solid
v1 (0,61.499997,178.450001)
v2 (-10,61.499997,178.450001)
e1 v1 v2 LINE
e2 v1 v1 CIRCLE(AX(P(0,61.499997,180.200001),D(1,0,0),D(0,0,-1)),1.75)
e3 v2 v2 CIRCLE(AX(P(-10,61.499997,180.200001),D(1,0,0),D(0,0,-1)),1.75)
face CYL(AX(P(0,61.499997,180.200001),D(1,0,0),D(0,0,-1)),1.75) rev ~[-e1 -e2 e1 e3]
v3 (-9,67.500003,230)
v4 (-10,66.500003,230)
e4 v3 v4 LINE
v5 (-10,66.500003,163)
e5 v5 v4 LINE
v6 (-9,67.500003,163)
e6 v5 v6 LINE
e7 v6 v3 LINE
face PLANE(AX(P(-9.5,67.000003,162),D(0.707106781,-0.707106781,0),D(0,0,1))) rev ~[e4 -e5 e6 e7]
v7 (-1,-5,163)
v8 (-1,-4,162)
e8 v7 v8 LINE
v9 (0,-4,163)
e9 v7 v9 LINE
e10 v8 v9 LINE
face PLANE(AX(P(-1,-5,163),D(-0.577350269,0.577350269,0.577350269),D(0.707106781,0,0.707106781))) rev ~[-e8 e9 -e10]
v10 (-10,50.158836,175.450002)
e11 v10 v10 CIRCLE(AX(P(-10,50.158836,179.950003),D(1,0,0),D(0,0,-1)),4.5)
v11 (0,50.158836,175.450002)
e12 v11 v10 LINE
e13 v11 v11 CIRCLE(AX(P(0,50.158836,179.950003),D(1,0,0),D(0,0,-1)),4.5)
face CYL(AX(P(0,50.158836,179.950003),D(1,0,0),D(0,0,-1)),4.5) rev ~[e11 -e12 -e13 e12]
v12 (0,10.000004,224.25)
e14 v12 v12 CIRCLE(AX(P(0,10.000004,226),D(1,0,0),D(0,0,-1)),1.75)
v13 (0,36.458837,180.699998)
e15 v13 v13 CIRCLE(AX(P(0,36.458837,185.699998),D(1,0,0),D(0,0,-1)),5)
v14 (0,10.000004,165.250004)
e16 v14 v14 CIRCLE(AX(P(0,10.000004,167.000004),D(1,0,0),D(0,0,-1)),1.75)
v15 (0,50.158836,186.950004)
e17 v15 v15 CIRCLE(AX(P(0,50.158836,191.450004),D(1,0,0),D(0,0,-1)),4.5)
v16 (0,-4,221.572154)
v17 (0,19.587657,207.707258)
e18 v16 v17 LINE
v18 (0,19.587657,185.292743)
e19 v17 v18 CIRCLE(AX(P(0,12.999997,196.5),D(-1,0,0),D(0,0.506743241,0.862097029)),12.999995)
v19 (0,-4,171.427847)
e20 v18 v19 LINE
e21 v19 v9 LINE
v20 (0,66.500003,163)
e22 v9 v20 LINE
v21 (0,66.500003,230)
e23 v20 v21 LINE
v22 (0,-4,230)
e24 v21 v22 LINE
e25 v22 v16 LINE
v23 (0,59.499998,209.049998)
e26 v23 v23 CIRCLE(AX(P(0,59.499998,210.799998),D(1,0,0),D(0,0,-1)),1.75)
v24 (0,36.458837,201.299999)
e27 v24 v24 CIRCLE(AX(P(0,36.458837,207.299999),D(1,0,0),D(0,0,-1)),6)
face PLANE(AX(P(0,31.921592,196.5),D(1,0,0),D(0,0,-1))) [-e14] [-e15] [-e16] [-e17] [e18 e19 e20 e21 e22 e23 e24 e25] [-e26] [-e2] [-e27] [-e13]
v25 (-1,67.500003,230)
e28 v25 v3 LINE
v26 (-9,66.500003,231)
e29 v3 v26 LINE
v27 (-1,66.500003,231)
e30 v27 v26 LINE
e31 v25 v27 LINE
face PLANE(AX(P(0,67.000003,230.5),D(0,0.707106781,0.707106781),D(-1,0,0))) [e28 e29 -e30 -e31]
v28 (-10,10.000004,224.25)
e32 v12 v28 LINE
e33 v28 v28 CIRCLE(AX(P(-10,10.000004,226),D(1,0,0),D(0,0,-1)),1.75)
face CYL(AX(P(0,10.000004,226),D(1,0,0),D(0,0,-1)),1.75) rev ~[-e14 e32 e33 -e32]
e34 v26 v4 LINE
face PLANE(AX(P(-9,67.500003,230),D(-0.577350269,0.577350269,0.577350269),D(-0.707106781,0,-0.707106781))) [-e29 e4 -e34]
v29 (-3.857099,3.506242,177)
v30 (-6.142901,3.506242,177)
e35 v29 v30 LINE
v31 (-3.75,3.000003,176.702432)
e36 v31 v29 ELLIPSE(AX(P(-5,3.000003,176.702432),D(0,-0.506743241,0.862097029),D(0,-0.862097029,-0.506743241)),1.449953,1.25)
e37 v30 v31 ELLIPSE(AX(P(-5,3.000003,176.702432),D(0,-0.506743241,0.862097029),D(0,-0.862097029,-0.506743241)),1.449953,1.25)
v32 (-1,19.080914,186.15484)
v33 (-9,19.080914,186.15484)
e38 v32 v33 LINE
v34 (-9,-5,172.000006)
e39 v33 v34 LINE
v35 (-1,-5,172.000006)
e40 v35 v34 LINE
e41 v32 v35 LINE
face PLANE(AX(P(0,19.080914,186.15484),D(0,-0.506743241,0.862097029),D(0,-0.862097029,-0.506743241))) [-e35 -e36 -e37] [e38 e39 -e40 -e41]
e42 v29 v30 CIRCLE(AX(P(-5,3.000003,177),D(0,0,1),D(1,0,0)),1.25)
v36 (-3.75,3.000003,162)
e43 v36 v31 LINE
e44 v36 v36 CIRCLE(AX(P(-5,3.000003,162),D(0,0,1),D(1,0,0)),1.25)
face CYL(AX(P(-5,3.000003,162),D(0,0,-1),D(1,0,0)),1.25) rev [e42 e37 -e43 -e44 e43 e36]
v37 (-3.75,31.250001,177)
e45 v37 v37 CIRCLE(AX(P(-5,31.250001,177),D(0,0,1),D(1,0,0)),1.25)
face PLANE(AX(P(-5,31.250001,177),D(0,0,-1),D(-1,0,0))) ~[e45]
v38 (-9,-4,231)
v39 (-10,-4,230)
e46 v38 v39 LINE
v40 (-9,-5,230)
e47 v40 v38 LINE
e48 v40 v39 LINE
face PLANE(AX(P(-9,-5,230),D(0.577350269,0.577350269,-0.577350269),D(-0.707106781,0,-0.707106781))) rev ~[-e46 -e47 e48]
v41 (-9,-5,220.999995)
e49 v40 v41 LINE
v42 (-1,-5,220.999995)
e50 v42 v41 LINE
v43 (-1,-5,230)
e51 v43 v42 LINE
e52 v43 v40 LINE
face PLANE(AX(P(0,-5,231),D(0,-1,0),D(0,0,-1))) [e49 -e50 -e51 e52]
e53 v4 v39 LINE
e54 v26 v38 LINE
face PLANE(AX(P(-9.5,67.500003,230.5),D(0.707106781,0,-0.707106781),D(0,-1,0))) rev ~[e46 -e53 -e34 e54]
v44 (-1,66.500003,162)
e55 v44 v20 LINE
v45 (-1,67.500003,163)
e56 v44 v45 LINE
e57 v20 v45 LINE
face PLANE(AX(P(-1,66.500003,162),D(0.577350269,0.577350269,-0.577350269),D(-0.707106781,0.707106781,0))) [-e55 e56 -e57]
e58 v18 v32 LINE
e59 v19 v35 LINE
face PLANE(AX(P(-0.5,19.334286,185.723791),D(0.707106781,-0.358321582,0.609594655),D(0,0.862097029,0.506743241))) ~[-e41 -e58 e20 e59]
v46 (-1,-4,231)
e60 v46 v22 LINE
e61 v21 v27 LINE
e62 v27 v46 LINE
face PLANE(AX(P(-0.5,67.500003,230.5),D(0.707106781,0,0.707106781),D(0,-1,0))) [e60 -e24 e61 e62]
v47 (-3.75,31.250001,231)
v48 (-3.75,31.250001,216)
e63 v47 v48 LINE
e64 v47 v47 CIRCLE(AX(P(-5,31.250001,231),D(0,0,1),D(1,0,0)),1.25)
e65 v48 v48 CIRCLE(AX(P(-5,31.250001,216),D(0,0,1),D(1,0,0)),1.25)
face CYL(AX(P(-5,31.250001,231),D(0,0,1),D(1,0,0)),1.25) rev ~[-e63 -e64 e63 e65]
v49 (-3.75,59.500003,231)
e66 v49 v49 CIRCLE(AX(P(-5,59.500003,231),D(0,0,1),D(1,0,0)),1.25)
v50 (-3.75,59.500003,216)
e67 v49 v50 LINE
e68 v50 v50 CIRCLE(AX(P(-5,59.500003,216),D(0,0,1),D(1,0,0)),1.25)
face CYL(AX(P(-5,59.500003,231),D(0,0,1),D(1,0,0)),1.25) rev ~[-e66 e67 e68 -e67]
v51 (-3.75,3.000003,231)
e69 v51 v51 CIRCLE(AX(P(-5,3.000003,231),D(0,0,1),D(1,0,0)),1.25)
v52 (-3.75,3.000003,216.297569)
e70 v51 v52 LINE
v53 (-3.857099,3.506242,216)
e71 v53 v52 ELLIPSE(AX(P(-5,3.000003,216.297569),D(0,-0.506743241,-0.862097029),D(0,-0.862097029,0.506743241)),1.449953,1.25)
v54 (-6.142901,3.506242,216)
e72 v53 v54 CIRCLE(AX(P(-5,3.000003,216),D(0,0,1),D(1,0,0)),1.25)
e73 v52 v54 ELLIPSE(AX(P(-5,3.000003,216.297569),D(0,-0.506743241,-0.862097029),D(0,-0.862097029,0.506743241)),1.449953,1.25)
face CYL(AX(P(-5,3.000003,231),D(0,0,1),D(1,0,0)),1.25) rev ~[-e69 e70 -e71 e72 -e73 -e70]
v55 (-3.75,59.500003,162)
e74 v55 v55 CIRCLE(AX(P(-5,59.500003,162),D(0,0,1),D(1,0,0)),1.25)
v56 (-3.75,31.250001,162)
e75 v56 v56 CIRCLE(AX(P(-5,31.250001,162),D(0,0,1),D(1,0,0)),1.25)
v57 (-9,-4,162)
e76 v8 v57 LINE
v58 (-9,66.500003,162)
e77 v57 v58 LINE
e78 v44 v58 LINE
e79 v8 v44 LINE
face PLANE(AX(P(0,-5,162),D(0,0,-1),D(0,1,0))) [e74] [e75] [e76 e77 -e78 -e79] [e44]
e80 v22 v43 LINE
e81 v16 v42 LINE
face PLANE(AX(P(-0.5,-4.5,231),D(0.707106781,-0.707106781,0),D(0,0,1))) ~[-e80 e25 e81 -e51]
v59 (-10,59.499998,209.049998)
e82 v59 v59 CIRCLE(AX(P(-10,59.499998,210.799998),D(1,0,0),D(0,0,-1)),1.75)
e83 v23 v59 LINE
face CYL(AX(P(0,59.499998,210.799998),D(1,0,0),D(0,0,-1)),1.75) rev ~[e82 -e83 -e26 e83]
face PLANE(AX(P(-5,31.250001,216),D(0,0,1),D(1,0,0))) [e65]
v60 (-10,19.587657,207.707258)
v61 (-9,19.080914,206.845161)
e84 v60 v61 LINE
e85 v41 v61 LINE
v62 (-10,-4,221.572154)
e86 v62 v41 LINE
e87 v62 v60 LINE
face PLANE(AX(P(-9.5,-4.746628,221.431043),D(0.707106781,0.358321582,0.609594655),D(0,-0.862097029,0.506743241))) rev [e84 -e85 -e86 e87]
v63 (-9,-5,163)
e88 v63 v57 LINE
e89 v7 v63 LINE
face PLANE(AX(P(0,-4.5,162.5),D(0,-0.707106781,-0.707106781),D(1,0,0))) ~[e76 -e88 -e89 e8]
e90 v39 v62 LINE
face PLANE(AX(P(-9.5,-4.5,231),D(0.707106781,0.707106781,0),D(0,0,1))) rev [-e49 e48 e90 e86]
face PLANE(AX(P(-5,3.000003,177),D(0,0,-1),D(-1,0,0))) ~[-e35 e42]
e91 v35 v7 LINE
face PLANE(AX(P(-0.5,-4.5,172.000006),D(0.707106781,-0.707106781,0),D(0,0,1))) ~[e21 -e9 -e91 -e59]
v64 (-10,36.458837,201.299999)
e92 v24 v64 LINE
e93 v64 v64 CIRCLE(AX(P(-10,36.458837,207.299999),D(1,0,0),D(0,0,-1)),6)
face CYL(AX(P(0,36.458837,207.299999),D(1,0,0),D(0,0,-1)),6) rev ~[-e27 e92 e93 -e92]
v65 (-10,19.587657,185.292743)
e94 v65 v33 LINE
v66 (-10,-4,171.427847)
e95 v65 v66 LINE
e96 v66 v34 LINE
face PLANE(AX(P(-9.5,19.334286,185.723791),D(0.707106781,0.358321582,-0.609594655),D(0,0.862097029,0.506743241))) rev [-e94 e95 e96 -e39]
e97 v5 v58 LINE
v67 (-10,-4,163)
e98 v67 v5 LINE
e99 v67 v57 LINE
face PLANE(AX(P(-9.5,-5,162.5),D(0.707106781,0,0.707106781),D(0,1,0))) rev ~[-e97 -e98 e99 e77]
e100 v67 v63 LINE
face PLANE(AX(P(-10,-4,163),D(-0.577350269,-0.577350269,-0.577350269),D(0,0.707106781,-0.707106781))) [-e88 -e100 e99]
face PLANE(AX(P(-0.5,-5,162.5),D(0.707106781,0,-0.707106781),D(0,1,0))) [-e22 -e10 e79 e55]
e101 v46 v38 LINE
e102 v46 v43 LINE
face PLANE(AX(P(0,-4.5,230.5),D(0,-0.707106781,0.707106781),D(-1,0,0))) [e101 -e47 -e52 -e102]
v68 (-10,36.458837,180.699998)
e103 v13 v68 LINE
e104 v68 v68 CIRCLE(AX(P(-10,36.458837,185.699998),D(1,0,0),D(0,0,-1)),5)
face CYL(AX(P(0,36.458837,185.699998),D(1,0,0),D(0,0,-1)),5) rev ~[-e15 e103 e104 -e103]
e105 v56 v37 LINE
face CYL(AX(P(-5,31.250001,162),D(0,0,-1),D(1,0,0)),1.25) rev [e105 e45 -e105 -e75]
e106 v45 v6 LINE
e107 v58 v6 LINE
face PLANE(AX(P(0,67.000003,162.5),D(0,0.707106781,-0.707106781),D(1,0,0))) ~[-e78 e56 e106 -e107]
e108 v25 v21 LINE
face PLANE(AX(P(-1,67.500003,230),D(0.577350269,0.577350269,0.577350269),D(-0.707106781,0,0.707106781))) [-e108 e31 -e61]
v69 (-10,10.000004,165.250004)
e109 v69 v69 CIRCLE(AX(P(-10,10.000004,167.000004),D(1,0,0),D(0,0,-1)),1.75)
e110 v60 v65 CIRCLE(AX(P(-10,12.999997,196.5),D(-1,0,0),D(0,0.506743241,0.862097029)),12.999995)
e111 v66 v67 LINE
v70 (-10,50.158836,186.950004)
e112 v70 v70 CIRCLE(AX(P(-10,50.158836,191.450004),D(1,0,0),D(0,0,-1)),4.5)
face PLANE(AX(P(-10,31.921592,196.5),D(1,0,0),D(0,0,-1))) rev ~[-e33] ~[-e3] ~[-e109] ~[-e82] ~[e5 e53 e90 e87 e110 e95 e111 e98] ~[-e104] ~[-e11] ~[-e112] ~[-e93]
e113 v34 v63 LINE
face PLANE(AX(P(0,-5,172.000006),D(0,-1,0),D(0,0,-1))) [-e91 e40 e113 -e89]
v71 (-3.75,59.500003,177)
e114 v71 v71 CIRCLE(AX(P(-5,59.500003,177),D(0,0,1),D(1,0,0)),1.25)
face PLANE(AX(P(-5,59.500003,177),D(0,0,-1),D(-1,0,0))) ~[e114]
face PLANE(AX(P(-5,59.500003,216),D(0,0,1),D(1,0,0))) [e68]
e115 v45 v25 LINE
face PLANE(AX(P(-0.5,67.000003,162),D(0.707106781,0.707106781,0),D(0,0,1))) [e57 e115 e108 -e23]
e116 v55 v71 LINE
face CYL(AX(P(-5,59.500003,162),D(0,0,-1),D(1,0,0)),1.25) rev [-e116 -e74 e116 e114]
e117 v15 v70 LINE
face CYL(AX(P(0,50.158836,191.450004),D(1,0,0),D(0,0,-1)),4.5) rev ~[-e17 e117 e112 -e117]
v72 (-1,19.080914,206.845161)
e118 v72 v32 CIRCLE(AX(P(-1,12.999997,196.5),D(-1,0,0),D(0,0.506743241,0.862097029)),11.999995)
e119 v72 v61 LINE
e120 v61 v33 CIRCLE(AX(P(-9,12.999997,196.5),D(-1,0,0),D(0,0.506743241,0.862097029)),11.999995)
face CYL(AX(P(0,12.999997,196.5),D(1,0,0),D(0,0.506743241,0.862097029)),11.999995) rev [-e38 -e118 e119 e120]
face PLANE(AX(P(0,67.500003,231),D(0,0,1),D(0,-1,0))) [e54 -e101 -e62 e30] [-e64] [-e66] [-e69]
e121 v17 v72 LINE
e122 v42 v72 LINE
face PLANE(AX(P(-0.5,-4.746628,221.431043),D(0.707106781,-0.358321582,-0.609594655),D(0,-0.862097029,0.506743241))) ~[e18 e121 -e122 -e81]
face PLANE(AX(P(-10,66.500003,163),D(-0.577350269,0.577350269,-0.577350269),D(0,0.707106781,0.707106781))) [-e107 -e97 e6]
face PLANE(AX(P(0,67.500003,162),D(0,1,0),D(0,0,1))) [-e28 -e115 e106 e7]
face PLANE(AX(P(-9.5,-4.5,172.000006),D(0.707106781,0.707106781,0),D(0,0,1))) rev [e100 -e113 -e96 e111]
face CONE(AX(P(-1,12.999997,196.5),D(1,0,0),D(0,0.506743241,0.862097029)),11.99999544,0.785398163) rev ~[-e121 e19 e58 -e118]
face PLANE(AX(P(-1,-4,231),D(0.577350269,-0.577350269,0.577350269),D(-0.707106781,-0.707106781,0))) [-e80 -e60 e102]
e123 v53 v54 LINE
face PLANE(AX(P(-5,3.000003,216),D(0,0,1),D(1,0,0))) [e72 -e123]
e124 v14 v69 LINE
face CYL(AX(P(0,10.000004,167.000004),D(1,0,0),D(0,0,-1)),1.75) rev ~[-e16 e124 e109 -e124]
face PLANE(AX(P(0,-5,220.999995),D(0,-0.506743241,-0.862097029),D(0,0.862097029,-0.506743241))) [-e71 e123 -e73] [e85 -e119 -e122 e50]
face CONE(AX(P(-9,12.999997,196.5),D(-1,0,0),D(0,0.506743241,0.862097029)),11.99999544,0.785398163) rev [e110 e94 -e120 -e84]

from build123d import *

# Parameters (mm, degrees)
SKETCH4_R           = 1.75
SKETCH4_R_2         = 4.500000047
SKETCH4_R_3         = 5
SKETCH4_R_4         = 6
BOSS_EXTRUDE2_DEPTH = 10
SKETCH5_R           = 1.25
CUT_EXTRUDE2_DEPTH  = 15
CHAMFER1_SIZE       = 1


with BuildPart() as part:
    # Sketch4 → Boss-Extrude2 (new body)
    with BuildSketch(Plane(origin=(0, 0, 0), x_dir=(0, 0, -1), z_dir=(1, 0, 0))):
        with BuildLine():
            Line((-162.000000477, 67.500002682), (-231, 67.500002682))
            Line((-231, 67.500002682), (-231, -4.999999888))
            Line((-231, -4.999999888), (-220.999994636, -4.999999888))
            Line((-220.999994636, -4.999999888), (-206.845160655, 19.080913937))
            ThreePointArc((-206.845160655, 19.080913937), (-196.500000238, 24.999992792), (-186.154839822, 19.080913937))
            Line((-186.154839822, 19.080913937), (-172.000005841, -4.999999888))
            Line((-172.000005841, -4.999999888), (-162.000000477, -4.999999888))
            Line((-162.000000477, -4.999999888), (-162.000000477, 67.500002682))
        make_face()
        with Locations((-167.000003631, 10.000003689)):
            Circle(SKETCH4_R, mode=Mode.SUBTRACT)
        with Locations((-179.950002543, 50.158835948)):
            Circle(SKETCH4_R_2, mode=Mode.SUBTRACT)
        with Locations((-185.699998003, 36.458836819)):
            Circle(SKETCH4_R_3, mode=Mode.SUBTRACT)
        with Locations((-180.200001261, 61.499996666)):
            Circle(SKETCH4_R, mode=Mode.SUBTRACT)
        with Locations((-191.4500039, 50.158835948)):
            Circle(SKETCH4_R_2, mode=Mode.SUBTRACT)
        with Locations((-207.29999885, 36.458836819)):
            Circle(SKETCH4_R_4, mode=Mode.SUBTRACT)
        with Locations((-210.799998228, 59.499998412)):
            Circle(SKETCH4_R, mode=Mode.SUBTRACT)
        with Locations((-226, 10.000003689)):
            Circle(SKETCH4_R, mode=Mode.SUBTRACT)
    extrude(amount=-BOSS_EXTRUDE2_DEPTH)

    # Sketch5 → Cut-Extrude2 (cut)
    with BuildSketch(Plane.XY.offset(231)):
        with Locations((-5, 59.500002682)):
            Circle(SKETCH5_R)
        with Locations((-5, 31.250001397)):
            Circle(SKETCH5_R)
        with Locations((-5, 3.000002682)):
            Circle(SKETCH5_R)
    cut_extrude2 = extrude(amount=-CUT_EXTRUDE2_DEPTH, mode=Mode.SUBTRACT)

    # Mirror1: Cut-Extrude2 across plane
    add(cut_extrude2.mirror(Plane.XY.offset(196.500000238)), mode=Mode.SUBTRACT)

    # Chamfer1
    chamfer1_edges = [part.edges().sort_by_distance(p)[0] for p in [
        (0, -4.999999888, 225.999997318),
        (0, 31.250001397, 231),
        (0, 67.500002682, 196.500000238),
        (0, 31.250001397, 162.000000477),
        (-10, 31.250001397, 231),
        (-5, -4.999999888, 162.000000477),
        (-5, -4.999999888, 231),
        (-5, 67.500002682, 231),
        (-5, 67.500002682, 162.000000477),
        (-10, -4.999999888, 225.999997318),
        (-10, 7.040457024, 213.922577645),
        (-10, 24.999992792, 196.500000238),
        (-10, 7.040457024, 179.077422832),
        (-10, -4.999999888, 167.000003159),
        (-10, 31.250001397, 162.000000477),
        (0, -4.999999888, 167.000003159),
        (-10, 67.500002682, 196.500000238),
        (0, 7.040457024, 179.077422832),
        (0, 24.999992792, 196.500000238),
        (0, 7.040457024, 213.922577645),
    ]]
    chamfer(chamfer1_edges, length=CHAMFER1_SIZE)


solid = part.part
